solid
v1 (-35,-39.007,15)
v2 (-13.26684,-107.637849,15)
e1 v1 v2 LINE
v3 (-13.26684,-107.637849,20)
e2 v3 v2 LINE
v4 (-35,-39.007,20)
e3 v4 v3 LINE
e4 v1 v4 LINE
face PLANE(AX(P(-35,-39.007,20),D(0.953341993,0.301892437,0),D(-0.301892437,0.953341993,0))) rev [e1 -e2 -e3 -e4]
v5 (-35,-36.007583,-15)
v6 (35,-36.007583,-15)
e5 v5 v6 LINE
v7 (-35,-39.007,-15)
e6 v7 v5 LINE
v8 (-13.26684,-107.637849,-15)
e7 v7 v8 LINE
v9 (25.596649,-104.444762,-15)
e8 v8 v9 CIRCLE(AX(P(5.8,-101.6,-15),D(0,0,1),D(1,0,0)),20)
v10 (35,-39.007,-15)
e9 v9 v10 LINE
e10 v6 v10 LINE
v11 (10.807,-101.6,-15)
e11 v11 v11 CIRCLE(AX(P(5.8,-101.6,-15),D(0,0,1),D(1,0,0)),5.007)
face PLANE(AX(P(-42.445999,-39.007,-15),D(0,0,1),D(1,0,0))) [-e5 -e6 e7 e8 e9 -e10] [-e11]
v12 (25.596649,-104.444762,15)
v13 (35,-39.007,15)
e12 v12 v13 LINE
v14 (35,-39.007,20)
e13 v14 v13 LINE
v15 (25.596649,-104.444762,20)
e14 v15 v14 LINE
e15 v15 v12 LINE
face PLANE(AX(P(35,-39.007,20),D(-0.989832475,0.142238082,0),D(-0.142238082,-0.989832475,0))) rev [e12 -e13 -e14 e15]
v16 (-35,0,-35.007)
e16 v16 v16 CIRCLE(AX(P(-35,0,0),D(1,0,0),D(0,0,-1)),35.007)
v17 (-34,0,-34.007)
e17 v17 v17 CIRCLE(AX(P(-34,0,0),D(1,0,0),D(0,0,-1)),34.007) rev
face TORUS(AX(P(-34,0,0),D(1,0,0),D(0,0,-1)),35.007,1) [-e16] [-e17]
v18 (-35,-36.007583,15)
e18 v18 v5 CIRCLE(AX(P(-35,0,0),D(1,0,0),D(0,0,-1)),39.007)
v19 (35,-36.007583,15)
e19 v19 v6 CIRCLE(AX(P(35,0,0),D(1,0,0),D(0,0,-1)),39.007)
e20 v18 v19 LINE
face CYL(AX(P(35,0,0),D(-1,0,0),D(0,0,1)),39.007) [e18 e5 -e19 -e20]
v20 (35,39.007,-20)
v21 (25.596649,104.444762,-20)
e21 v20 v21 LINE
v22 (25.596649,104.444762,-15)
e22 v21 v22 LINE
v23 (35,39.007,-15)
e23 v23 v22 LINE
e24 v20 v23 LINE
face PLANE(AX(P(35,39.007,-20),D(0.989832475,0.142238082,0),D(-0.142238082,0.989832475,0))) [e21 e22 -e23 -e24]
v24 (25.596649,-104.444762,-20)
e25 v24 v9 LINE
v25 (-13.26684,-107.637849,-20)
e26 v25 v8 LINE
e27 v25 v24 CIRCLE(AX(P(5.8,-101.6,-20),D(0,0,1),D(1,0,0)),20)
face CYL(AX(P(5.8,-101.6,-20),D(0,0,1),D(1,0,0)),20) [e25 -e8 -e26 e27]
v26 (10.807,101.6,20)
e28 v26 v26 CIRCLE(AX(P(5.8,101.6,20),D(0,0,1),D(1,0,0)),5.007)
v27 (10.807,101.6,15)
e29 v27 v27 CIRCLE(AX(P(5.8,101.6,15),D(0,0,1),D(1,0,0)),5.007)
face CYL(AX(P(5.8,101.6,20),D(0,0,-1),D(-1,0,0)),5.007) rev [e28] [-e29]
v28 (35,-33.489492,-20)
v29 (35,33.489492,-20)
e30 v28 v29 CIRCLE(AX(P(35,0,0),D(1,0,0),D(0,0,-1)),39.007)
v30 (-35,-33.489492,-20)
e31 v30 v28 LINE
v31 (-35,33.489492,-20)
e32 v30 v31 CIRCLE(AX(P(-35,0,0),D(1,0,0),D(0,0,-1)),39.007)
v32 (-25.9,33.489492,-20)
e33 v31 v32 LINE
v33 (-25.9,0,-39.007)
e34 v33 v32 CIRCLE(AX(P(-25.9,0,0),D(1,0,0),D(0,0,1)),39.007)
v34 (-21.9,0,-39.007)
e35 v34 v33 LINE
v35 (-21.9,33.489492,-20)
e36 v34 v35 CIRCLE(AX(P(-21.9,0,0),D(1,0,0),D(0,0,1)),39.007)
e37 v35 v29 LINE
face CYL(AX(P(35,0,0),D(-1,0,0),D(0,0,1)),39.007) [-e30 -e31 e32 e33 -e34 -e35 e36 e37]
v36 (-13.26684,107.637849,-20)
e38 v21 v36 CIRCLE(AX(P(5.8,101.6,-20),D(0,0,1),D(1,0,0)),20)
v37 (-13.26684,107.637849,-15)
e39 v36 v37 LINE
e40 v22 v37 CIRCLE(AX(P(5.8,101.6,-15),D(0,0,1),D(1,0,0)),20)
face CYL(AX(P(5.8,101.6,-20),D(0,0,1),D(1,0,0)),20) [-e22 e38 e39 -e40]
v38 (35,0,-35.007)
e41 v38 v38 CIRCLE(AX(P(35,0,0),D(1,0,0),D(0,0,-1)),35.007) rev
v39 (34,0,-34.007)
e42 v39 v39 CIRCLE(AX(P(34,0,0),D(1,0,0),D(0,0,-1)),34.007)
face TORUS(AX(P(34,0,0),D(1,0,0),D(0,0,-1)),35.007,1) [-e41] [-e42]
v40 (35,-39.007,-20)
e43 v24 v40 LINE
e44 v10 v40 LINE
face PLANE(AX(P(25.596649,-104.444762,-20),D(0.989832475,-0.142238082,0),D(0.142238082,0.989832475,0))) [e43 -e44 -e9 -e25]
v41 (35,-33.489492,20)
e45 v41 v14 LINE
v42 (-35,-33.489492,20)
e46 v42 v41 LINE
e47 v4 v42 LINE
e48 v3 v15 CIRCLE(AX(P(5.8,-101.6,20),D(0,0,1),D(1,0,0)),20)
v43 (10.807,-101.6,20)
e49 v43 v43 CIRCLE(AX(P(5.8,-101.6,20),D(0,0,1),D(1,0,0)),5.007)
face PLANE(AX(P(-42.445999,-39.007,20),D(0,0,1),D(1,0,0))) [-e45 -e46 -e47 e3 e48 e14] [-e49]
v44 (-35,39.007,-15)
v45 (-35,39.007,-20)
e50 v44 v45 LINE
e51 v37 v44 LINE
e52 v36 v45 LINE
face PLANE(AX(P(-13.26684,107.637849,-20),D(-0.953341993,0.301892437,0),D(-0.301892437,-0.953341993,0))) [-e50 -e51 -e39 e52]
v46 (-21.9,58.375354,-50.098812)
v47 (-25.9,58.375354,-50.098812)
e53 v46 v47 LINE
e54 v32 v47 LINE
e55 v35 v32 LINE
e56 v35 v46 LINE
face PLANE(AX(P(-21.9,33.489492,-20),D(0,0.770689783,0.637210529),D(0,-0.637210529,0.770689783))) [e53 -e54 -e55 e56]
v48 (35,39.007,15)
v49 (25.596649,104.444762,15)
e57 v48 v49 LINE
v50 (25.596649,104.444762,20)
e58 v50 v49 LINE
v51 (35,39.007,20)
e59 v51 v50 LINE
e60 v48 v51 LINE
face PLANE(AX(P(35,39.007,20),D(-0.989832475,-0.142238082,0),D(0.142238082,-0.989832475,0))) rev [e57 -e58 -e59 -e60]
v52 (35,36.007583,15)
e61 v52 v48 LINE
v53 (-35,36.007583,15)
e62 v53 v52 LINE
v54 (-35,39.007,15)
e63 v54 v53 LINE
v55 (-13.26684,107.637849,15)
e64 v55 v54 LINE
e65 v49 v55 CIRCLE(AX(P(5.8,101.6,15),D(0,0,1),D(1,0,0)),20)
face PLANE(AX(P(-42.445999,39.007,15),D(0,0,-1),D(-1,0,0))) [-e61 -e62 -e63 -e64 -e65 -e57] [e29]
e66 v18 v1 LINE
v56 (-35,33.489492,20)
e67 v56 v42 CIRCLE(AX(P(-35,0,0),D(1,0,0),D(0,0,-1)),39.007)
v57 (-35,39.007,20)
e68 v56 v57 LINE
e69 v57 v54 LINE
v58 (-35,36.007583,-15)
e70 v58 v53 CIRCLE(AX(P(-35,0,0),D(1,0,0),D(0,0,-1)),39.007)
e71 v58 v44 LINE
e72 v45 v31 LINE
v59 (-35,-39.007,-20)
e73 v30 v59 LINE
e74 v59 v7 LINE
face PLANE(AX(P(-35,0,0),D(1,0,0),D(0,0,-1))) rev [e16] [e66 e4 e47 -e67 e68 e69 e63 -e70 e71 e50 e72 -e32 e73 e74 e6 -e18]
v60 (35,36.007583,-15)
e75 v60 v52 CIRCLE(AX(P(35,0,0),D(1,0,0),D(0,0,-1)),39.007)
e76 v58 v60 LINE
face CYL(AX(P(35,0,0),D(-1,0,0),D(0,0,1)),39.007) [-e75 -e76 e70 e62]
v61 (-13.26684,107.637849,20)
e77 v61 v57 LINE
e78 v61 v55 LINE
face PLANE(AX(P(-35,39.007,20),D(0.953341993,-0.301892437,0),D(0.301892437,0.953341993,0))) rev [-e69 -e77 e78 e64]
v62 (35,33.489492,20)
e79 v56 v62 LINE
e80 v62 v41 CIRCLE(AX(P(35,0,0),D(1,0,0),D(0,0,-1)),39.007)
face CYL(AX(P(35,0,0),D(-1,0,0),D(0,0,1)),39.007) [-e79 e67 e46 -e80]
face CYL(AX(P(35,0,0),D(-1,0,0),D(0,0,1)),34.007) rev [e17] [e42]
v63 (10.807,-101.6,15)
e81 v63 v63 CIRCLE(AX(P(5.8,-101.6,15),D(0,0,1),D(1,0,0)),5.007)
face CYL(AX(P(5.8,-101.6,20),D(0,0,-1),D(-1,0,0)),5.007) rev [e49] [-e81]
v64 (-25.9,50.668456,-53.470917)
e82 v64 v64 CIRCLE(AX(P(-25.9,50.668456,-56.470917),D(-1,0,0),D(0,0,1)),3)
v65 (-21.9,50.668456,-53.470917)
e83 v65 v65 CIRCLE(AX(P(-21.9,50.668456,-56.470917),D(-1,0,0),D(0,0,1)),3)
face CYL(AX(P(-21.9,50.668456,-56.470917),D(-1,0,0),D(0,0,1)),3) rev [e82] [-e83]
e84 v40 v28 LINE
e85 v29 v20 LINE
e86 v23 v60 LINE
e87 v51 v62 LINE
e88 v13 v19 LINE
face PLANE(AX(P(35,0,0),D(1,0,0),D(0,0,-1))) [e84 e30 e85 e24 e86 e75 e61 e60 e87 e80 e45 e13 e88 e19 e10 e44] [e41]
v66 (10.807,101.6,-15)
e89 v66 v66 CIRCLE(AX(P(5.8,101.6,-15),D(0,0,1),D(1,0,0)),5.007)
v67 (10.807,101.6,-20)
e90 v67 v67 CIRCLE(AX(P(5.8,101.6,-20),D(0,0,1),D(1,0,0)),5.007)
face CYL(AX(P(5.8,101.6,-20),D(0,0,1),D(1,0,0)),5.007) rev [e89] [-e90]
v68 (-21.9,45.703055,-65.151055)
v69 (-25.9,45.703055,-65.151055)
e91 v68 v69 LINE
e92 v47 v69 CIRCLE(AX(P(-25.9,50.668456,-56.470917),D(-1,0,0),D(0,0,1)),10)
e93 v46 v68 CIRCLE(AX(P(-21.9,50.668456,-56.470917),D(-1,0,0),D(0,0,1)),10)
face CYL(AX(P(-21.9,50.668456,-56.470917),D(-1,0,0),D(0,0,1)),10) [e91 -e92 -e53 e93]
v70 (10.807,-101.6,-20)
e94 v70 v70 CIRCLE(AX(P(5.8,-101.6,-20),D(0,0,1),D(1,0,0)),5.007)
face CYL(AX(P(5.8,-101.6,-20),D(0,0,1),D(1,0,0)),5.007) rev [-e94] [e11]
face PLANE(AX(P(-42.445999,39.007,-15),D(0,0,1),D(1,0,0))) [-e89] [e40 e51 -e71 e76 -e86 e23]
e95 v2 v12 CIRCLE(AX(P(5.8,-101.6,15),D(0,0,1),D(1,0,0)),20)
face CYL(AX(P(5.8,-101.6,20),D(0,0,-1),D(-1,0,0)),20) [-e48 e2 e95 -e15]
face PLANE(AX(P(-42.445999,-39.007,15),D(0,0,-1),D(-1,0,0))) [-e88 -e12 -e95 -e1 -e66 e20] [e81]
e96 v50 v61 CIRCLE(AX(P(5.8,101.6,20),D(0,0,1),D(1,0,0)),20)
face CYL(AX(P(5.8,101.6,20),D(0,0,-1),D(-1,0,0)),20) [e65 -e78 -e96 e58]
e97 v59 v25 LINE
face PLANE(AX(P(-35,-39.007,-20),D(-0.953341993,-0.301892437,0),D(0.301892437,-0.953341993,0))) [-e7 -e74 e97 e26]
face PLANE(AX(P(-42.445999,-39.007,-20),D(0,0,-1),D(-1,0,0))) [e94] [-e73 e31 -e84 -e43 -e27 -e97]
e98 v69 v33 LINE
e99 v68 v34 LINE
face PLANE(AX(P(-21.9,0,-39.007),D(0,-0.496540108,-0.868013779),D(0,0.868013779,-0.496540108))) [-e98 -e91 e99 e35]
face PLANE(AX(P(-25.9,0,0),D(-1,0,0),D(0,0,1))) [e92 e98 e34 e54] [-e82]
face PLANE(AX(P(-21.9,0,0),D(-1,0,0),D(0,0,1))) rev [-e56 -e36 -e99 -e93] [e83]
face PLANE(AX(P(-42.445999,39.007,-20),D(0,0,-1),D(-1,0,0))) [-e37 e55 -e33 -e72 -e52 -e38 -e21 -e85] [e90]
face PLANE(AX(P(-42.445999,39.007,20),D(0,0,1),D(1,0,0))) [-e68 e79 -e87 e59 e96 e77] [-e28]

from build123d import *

# Parameters (mm, degrees)
SKETCH1_R             = 39.007
SKETCH1_R_2           = 34.007
BOSS_EXTRUDE1_DEPTH   = 35
BOSS_EXTRUDE2_START   = 15
SKETCH2_R             = 5.007
BOSS_EXTRUDE2_DEPTH   = 5
BOSS_EXTRUDE2_2_DEPTH = 5
BOSS_EXTRUDE3_START   = -15
SKETCH3_R             = 5.007
BOSS_EXTRUDE3_DEPTH   = 5
BOSS_EXTRUDE3_2_DEPTH = 5
BOSS_EXTRUDE4_DEPTH   = 70
BOSS_EXTRUDE6_START   = -4
SKETCH6_R             = 3
BOSS_EXTRUDE6_DEPTH   = 4
FILLET1_R             = 1
FILLET2_R             = 1


with BuildPart() as part:
    # Sketch1 → Boss-Extrude1 (new, symmetric)
    with BuildSketch(Plane(origin=(0, 0, 0), x_dir=(0, 0, -1), z_dir=(1, 0, 0))):
        Circle(SKETCH1_R)
        Circle(SKETCH1_R_2, mode=Mode.SUBTRACT)
    extrude(amount=BOSS_EXTRUDE1_DEPTH, both=True)



with BuildPart() as body_2:
    # Sketch2 → Boss-Extrude2 (new body)
    with BuildSketch(Plane.XY.offset(BOSS_EXTRUDE2_START)):
        with BuildLine():
            Line((-35, -39.007), (35, -39.007))
            Line((35, -39.007), (25.596649495, -104.444761639))
            ThreePointArc((25.596649495, -104.444761639), (7.437713907, -121.532834549), (-13.266839867, -107.637848746))
            Line((-13.266839867, -107.637848746), (-35, -39.007))
        make_face()
        with Locations((5.8, -101.6)):
            Circle(SKETCH2_R, mode=Mode.SUBTRACT)
    extrude(amount=BOSS_EXTRUDE2_DEPTH)


with BuildPart() as body_3:
    # Sketch2 → Boss-Extrude2 2 (new body)
    with BuildSketch(Plane.XY.offset(BOSS_EXTRUDE2_START)):
        with BuildLine():
            Line((35, 39.007), (-35, 39.007))
            Line((-35, 39.007), (-13.266839867, 107.637848746))
            ThreePointArc((-13.266839867, 107.637848746), (7.437713907, 121.532834549), (25.596649495, 104.444761639))
            Line((25.596649495, 104.444761639), (35, 39.007))
        make_face()
        with Locations((5.8, 101.6)):
            Circle(SKETCH2_R, mode=Mode.SUBTRACT)
    extrude(amount=BOSS_EXTRUDE2_2_DEPTH)


with BuildPart() as body_4:
    # Sketch3 → Boss-Extrude3 (new body)
    with BuildSketch(Plane.XY.offset(BOSS_EXTRUDE3_START)):
        with BuildLine():
            Line((-35, -39.007), (-13.266839867, -107.637848746))
            ThreePointArc((-13.266839867, -107.637848746), (7.437713907, -121.532834549), (25.596649495, -104.444761639))
            Line((25.596649495, -104.444761639), (35, -39.007))
            Line((35, -39.007), (-35, -39.007))
        make_face()
        with Locations((5.8, -101.6)):
            Circle(SKETCH3_R, mode=Mode.SUBTRACT)
    extrude(amount=-BOSS_EXTRUDE3_DEPTH)


with BuildPart() as body_5:
    # Sketch3 → Boss-Extrude3 2 (new body)
    with BuildSketch(Plane.XY.offset(BOSS_EXTRUDE3_START)):
        with BuildLine():
            Line((-35, 39.007), (35, 39.007))
            Line((35, 39.007), (25.596649495, 104.444761639))
            ThreePointArc((25.596649495, 104.444761639), (7.437713907, 121.532834549), (-13.266839867, 107.637848746))
            Line((-13.266839867, 107.637848746), (-35, 39.007))
        make_face()
        with Locations((5.8, 101.6)):
            Circle(SKETCH3_R, mode=Mode.SUBTRACT)
    extrude(amount=-BOSS_EXTRUDE3_2_DEPTH)


with BuildPart() as part_1:
    add(part.part)

    add(body_2.part)  # Boss-Extrude4 merges body 2

    add(body_3.part)  # Boss-Extrude4 merges body 3

    add(body_4.part)  # Boss-Extrude4 merges body 4

    add(body_5.part)  # Boss-Extrude4 merges body 5
    # Sketch4 → Boss-Extrude4 (add)
    with BuildSketch(Plane(origin=(35, 0, 0), x_dir=(0, 0, -1), z_dir=(1, 0, 0))):
        with BuildLine():
            Line((20, -39.007), (15, -39.007))
            Line((15, -39.007), (15, -36.007583215))
            ThreePointArc((15, -36.007583215), (17.545232866, -34.838353186), (20, -33.489491621))
            Line((20, -33.489491621), (20, -39.007))
        make_face()
        with BuildLine():
            Line((-20, -39.007), (-15, -39.007))
            Line((-15, -39.007), (-15, -36.007583215))
            ThreePointArc((-15, -36.007583215), (-17.545232866, -34.838353186), (-20, -33.489491621))
            Line((-20, -33.489491621), (-20, -39.007))
        make_face()
        with BuildLine():
            Line((-20, 39.007), (-15, 39.007))
            Line((-15, 39.007), (-15, 36.007583215))
            ThreePointArc((-15, 36.007583215), (-17.545232866, 34.838353186), (-20, 33.489491621))
            Line((-20, 33.489491621), (-20, 39.007))
        make_face()
        with BuildLine():
            Line((20, 39.007), (15, 39.007))
            Line((15, 39.007), (15, 36.007583215))
            ThreePointArc((15, 36.007583215), (17.545232866, 34.838353186), (20, 33.489491621))
            Line((20, 33.489491621), (20, 39.007))
        make_face()
    extrude(amount=-BOSS_EXTRUDE4_DEPTH)

    # Sketch6 → Boss-Extrude6 (add)
    with BuildSketch(Plane.ZY.offset(25.9).offset(BOSS_EXTRUDE6_START)):
        with BuildLine():
            Line((-20, 33.489491621), (-50.098811723, 58.375353815))
            ThreePointArc((-50.098811723, 58.375353815), (-62.911300808, 58.318387785), (-65.151054806, 45.703054903))
            Line((-65.151054806, 45.703054903), (-39.007, 0))
            ThreePointArc((-39.007, 0), (-33.924077357, 19.253649641), (-20, 33.489491621))
        make_face()
        with Locations((-56.470917013, 50.668455984)):
            Circle(SKETCH6_R, mode=Mode.SUBTRACT)
    extrude(amount=BOSS_EXTRUDE6_DEPTH)

    # Fillet1
    fillet1_edges = [part_1.edges().sort_by_distance(p)[0] for p in [
        (35, 0, 34.007),
    ]]
    fillet(fillet1_edges, radius=FILLET1_R)

    # Fillet2
    fillet2_edges = [part_1.edges().sort_by_distance(p)[0] for p in [
        (-35, 0, 34.007),
    ]]
    fillet(fillet2_edges, radius=FILLET2_R)


solid = part_1.part
